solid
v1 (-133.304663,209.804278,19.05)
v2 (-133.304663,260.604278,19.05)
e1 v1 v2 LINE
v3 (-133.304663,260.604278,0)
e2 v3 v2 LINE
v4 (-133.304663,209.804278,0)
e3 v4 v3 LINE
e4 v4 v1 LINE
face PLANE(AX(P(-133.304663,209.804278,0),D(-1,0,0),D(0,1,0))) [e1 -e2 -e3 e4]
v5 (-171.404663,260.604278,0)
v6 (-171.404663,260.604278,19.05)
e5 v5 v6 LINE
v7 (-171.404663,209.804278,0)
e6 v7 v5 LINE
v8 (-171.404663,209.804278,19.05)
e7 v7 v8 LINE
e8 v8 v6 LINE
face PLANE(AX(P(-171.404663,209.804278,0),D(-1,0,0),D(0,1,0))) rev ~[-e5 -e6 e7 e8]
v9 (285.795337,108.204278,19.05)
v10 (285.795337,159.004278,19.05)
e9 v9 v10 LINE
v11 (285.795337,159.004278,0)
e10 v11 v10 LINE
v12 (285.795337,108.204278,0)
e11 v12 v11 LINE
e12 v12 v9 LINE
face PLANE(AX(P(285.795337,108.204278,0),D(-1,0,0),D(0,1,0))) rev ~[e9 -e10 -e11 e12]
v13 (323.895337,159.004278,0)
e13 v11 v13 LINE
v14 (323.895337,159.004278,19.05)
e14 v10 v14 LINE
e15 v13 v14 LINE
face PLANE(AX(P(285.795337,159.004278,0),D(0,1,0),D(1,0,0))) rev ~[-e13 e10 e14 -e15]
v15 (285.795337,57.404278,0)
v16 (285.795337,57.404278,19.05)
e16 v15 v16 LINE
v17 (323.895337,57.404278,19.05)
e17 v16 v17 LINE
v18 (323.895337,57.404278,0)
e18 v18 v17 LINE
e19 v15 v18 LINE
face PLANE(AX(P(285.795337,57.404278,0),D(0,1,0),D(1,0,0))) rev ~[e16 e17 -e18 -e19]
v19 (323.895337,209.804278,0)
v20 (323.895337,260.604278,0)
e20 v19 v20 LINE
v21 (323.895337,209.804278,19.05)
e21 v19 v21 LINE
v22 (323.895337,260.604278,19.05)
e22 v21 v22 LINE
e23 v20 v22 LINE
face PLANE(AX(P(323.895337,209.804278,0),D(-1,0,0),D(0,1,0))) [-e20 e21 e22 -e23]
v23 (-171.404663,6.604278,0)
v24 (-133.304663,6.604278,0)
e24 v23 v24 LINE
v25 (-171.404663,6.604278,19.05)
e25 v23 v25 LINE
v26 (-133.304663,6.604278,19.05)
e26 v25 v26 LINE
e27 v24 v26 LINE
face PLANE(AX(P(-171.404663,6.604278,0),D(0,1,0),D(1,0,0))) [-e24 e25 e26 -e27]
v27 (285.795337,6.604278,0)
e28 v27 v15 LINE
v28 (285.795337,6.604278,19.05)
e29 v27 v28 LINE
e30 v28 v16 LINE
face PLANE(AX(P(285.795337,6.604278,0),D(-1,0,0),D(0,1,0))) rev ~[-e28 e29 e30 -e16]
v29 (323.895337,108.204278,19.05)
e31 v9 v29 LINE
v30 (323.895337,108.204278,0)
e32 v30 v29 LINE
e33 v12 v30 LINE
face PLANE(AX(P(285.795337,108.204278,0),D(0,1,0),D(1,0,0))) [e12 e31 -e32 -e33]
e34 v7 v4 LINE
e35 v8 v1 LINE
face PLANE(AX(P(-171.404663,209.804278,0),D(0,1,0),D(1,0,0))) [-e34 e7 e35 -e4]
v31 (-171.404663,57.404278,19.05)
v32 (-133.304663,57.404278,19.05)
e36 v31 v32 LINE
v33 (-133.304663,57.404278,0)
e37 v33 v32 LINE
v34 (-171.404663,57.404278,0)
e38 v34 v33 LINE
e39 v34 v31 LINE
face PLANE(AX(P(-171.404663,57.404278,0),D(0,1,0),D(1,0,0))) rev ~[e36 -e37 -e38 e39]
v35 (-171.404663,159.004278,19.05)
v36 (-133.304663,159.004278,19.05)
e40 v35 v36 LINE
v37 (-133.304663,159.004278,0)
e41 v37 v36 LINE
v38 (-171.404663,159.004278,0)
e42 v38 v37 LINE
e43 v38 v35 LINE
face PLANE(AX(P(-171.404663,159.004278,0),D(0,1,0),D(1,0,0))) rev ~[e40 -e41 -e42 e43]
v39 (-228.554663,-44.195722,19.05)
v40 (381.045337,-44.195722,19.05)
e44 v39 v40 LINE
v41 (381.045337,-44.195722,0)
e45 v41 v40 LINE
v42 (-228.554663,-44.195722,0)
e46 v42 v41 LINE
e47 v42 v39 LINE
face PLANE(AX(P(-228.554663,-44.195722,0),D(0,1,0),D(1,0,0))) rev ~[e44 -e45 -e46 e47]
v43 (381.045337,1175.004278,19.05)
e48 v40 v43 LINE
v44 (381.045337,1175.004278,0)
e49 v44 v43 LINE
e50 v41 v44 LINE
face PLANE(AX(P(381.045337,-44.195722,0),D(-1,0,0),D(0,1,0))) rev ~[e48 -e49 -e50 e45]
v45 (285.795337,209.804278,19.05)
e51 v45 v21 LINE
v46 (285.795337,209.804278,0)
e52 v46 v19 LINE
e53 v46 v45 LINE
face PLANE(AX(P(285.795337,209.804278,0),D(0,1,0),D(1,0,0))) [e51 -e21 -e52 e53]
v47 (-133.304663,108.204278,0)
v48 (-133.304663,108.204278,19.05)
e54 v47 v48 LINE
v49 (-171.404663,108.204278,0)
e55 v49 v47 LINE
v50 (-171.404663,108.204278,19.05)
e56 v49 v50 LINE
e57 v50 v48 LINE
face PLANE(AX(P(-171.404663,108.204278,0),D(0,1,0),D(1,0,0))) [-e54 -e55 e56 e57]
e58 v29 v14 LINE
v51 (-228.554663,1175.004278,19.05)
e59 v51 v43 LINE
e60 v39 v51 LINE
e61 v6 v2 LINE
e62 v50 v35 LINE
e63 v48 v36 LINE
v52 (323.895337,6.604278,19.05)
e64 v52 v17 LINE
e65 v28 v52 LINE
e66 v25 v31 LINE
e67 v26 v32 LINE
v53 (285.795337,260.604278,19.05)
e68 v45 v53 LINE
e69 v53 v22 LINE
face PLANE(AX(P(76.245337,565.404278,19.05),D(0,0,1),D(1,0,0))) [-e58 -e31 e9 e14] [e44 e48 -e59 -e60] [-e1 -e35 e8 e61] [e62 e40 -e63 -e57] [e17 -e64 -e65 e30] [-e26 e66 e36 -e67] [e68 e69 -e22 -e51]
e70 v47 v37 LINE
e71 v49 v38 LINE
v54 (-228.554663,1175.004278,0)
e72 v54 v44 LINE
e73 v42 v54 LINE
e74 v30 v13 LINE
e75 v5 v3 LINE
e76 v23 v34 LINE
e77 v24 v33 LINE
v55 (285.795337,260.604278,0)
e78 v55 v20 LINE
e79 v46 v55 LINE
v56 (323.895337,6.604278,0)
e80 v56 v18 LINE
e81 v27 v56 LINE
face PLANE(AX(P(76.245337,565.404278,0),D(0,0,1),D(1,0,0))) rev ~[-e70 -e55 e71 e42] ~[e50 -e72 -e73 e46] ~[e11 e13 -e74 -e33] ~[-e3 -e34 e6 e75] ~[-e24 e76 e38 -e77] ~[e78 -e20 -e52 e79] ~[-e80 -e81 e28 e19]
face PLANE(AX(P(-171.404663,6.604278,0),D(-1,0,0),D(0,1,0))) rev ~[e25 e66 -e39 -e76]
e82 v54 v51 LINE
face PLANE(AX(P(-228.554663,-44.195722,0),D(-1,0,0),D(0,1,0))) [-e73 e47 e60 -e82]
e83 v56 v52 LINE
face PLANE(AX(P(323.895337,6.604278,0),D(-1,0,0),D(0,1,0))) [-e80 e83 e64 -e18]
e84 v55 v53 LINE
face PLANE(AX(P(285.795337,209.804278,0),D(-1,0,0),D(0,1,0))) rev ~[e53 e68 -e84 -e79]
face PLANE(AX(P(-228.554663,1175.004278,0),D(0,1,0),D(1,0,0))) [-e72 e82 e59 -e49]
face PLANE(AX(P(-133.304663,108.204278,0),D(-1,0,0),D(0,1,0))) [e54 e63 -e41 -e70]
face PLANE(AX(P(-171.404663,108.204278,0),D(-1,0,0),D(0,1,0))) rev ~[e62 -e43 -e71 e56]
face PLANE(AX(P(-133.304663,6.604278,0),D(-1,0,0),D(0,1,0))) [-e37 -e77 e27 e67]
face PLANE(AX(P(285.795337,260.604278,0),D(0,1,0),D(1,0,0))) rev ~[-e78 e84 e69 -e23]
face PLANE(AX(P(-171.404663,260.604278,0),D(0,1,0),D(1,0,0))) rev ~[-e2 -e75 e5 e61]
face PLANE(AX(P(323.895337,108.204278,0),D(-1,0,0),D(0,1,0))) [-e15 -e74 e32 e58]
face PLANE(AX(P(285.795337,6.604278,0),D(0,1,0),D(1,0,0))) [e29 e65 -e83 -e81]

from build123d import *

# Parameters (mm, degrees)
F0_W     = 609.6
F0_H     = 1219.2
F0_W_2   = 38.1
F0_H_2   = 50.8
F1_DEPTH = 19.05


with BuildPart() as f1:
    # F0 (on Top) → F1 (new body)
    with BuildSketch(Plane.XY):
        with Locations((76.245337, 565.404278)):
            Rectangle(F0_W, F0_H)
        with Locations((-152.354663, 32.004278)):
            Rectangle(F0_W_2, F0_H_2, mode=Mode.SUBTRACT)
        with Locations((-152.354663, 133.604278)):
            Rectangle(F0_W_2, F0_H_2, mode=Mode.SUBTRACT)
        with Locations((-152.354663, 235.204278)):
            Rectangle(F0_W_2, F0_H_2, mode=Mode.SUBTRACT)
        with Locations((304.845337, 32.004278)):
            Rectangle(F0_W_2, F0_H_2, mode=Mode.SUBTRACT)
        with Locations((304.845337, 133.604278)):
            Rectangle(F0_W_2, F0_H_2, mode=Mode.SUBTRACT)
        with Locations((304.845337, 235.204278)):
            Rectangle(F0_W_2, F0_H_2, mode=Mode.SUBTRACT)
    extrude(amount=F1_DEPTH)


solid = f1.part
